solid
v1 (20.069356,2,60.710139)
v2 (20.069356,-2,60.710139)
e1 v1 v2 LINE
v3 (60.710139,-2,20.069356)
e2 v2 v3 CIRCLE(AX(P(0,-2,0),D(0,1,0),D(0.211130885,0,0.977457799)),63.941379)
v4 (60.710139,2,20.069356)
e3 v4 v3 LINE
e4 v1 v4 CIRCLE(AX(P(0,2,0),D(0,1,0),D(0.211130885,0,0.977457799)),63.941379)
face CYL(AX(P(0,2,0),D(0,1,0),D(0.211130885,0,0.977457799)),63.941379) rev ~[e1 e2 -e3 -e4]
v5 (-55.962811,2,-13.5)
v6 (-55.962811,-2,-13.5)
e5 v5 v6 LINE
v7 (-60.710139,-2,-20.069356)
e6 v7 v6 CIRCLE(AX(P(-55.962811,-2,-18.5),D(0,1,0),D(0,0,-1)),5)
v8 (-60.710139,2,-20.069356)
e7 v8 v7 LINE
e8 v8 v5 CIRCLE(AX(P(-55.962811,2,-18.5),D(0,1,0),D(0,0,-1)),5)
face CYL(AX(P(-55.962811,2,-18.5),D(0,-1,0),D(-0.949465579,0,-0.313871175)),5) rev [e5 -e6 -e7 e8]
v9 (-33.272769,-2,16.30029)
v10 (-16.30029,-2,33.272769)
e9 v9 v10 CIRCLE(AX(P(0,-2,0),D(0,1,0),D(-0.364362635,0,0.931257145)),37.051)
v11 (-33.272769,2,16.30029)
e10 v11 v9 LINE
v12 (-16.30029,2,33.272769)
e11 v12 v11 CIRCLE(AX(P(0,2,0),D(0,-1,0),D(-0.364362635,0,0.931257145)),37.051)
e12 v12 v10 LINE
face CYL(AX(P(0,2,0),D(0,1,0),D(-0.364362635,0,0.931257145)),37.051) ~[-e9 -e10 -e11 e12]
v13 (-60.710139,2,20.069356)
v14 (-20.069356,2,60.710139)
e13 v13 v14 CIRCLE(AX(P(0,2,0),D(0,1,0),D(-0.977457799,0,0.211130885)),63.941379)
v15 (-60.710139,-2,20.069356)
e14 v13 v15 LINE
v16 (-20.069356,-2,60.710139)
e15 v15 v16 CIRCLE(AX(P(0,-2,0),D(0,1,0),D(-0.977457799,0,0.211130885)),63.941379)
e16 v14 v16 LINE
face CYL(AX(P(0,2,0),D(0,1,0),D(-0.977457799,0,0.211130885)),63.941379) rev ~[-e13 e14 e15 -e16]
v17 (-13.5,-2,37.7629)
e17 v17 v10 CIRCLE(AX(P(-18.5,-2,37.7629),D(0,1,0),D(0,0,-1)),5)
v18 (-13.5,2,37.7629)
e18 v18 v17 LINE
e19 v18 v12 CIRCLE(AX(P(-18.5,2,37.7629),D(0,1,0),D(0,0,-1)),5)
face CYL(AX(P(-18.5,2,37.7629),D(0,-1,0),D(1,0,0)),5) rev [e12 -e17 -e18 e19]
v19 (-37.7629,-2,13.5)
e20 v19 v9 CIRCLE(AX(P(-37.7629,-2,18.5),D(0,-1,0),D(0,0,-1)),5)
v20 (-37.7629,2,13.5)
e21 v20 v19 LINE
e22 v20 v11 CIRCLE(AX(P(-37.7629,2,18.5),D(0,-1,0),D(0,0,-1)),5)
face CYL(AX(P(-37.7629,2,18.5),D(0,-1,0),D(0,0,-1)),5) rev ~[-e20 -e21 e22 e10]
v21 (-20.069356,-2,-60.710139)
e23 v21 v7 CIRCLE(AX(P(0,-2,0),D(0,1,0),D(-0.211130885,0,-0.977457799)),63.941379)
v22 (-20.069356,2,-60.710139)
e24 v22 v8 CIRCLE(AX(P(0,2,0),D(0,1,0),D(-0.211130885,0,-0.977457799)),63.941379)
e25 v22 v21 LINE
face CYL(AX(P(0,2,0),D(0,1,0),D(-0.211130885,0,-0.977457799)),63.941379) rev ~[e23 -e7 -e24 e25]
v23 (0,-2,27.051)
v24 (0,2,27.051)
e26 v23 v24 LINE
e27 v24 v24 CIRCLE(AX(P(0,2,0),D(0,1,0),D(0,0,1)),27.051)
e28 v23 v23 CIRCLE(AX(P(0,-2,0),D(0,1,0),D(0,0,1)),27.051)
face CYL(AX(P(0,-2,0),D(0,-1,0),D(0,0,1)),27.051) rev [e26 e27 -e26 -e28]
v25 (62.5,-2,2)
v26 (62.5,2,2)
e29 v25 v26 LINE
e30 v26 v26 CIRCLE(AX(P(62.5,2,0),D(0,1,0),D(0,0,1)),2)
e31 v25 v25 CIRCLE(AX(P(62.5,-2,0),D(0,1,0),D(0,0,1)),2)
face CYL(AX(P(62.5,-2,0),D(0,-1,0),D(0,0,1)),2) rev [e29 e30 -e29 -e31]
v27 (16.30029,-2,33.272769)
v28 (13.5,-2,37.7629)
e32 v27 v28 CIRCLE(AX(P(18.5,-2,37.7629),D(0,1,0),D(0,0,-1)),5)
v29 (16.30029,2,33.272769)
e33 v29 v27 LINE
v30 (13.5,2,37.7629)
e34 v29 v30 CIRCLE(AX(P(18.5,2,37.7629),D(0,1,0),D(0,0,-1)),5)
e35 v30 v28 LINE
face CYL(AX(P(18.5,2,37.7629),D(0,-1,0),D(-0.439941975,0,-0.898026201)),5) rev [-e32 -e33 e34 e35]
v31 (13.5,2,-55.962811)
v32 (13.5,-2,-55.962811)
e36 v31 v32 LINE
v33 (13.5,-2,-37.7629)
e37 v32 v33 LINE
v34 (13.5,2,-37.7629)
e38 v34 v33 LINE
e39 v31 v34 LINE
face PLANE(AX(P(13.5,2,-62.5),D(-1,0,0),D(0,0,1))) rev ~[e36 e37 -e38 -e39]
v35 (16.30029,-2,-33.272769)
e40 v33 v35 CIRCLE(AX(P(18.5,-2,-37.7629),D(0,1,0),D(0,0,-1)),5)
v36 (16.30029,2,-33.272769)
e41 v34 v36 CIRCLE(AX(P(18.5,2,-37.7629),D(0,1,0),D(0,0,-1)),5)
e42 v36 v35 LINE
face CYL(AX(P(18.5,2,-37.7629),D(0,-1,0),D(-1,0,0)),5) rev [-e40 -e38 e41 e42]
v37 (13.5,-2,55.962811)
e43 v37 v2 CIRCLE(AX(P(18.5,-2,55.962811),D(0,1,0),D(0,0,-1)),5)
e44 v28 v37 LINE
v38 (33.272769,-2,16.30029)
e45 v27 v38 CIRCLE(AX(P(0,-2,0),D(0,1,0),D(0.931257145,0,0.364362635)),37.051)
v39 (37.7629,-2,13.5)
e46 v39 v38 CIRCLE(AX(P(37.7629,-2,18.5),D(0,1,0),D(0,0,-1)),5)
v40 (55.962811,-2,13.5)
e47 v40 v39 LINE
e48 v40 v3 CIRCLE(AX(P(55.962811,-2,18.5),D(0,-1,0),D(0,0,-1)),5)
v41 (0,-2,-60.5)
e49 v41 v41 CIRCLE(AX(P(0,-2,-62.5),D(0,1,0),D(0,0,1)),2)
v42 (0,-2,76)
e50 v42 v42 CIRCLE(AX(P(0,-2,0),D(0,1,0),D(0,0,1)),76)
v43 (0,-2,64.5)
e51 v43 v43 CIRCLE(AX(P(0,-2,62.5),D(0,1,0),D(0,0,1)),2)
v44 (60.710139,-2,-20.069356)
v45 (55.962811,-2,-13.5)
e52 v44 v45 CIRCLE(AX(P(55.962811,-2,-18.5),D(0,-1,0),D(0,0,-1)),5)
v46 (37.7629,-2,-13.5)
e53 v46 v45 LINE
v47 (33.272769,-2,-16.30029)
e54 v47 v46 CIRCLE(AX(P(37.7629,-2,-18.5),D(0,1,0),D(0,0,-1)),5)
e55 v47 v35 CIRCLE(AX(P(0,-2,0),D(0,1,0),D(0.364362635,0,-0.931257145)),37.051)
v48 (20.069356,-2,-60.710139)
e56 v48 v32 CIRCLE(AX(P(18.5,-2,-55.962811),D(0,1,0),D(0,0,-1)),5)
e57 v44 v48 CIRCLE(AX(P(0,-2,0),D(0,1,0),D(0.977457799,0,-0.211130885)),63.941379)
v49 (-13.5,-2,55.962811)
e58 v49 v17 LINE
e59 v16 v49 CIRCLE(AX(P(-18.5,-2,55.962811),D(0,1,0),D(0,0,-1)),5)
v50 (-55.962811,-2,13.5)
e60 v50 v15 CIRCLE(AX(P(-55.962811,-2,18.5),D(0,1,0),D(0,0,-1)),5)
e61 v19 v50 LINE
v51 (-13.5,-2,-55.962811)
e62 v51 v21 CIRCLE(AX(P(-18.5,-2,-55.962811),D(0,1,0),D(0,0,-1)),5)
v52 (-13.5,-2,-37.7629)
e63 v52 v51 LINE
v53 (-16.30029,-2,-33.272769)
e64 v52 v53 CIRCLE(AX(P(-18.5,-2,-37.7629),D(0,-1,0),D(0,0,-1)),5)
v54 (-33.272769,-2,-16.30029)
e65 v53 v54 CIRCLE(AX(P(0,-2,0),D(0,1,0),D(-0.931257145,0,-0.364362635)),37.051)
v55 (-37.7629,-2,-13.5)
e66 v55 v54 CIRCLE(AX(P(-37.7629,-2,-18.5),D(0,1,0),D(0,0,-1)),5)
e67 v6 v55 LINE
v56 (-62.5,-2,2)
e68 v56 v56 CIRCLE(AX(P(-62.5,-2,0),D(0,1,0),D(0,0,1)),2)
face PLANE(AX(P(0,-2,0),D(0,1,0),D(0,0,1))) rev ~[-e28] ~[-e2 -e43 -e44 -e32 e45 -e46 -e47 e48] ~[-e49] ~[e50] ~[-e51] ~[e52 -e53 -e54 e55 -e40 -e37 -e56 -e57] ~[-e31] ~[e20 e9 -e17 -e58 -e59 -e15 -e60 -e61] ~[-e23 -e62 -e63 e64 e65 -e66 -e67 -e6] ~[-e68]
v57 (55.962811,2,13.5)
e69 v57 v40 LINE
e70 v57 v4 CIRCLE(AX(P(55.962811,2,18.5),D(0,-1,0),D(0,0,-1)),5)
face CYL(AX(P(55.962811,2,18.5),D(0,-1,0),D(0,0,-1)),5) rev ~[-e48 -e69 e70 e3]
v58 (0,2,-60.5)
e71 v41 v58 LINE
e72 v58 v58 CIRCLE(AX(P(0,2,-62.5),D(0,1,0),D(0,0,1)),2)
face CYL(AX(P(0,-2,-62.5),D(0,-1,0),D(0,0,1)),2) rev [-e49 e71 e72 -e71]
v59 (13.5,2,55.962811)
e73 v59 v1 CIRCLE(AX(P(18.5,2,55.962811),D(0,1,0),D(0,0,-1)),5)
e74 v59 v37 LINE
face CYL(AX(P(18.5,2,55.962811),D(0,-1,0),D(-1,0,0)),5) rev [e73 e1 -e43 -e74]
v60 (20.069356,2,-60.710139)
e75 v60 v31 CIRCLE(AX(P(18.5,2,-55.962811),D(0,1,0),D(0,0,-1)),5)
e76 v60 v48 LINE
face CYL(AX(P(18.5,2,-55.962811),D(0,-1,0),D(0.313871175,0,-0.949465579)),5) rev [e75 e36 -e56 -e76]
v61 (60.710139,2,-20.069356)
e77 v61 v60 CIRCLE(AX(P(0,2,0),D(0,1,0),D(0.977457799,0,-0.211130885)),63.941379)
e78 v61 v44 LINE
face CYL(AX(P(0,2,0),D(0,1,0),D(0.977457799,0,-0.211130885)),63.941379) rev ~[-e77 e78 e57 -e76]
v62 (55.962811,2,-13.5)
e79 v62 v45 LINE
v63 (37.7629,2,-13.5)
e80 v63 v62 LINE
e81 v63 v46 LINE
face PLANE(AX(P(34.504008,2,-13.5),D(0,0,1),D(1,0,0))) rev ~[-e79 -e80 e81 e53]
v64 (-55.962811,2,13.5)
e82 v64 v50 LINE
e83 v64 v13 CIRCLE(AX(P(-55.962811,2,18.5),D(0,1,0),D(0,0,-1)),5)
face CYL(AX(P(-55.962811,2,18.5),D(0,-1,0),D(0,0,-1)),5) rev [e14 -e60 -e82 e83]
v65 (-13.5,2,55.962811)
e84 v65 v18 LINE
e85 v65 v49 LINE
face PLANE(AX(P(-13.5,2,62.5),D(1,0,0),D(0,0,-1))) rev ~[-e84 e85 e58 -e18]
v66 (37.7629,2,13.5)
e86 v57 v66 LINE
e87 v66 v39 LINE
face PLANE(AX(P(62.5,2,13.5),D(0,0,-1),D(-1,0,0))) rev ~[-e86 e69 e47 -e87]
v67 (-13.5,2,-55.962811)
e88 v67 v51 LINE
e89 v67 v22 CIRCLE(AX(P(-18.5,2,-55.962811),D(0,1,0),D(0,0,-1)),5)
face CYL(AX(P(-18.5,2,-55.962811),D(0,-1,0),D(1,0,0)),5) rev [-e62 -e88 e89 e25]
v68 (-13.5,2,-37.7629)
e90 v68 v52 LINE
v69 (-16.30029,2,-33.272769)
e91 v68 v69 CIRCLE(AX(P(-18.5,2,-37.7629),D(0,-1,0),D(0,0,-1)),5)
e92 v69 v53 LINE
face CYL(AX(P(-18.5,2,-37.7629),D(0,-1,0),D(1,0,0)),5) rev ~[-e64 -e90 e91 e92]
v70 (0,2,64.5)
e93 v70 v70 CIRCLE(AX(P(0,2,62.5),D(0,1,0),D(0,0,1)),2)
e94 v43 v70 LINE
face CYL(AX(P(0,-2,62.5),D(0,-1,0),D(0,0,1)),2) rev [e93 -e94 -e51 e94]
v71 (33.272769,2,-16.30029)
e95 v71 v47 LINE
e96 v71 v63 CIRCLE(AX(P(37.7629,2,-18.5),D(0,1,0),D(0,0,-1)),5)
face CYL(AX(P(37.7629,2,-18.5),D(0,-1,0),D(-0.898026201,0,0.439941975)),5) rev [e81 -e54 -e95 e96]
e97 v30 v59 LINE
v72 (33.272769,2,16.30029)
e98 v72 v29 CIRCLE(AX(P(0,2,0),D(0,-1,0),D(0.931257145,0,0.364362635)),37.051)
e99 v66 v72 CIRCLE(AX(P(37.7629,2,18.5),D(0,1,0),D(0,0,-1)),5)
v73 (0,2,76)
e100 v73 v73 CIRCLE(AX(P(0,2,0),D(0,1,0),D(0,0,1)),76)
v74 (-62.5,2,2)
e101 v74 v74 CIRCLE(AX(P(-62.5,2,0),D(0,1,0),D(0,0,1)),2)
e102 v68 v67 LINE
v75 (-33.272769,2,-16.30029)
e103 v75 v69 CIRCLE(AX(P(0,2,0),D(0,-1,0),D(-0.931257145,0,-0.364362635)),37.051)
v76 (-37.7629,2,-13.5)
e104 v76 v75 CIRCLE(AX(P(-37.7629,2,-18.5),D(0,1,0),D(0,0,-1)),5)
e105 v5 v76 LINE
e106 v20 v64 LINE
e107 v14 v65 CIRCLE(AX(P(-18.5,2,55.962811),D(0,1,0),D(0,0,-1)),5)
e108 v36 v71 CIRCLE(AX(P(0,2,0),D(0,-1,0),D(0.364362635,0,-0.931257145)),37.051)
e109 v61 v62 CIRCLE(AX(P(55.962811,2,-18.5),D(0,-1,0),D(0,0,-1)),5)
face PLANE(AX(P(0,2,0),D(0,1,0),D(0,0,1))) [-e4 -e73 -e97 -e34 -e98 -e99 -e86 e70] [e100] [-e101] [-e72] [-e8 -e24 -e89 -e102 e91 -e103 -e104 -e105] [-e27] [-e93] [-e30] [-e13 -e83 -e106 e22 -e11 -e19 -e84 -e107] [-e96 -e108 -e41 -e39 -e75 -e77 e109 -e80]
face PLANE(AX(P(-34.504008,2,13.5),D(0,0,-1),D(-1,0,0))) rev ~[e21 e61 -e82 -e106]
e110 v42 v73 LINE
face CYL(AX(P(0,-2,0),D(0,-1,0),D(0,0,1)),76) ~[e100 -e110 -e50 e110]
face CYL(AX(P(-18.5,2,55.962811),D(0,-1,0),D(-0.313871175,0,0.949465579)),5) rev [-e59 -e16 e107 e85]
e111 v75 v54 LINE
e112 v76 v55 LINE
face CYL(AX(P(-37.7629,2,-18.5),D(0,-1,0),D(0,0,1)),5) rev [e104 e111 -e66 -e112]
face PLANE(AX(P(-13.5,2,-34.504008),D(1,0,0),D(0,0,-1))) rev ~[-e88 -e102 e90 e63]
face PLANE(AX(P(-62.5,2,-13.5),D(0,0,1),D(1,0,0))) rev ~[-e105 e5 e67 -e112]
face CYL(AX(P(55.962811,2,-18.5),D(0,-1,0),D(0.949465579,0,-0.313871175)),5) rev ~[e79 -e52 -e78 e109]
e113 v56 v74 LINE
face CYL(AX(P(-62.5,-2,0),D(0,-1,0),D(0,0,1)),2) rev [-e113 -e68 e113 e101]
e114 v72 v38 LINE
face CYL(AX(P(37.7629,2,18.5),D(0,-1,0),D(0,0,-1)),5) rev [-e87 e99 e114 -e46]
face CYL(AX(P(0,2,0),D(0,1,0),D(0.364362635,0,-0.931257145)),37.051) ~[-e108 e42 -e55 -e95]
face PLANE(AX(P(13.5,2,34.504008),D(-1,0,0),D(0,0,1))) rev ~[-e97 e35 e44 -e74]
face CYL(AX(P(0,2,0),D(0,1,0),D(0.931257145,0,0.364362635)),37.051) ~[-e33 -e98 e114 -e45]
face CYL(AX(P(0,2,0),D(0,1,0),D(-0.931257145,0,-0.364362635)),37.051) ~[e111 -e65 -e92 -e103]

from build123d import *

# Parameters (mm, degrees)
BOSS_EXTRUDE1_DEPTH      = 2
BOSS_EXTRUDE1_DEPTH_BACK = 2
SKETCH1_R                = 76
SKETCH1_R_2              = 27.051
SKETCH1_R_3              = 2
CUT_EXTRUDE2_DEPTH       = 108.554637278
FILLET1_R                = 5


with BuildPart() as part:
    # Sketch1 → Boss-Extrude1 (new, two sides: drawn at the far end of the back side and taken through both)
    with BuildSketch(Plane(origin=(0, 0, 0), x_dir=(1, 0, 0), z_dir=(0, 1, 0)).offset(-BOSS_EXTRUDE1_DEPTH_BACK)):
        Circle(SKETCH1_R)
        Circle(SKETCH1_R_2, mode=Mode.SUBTRACT)
        with Locations((0, 62.5)):
            Circle(SKETCH1_R_3, mode=Mode.SUBTRACT)
        with Locations((62.5, 0)):
            Circle(SKETCH1_R_3, mode=Mode.SUBTRACT)
        with Locations((0, -62.5)):
            Circle(SKETCH1_R_3, mode=Mode.SUBTRACT)
        with Locations((-62.5, 0)):
            Circle(SKETCH1_R_3, mode=Mode.SUBTRACT)
    extrude(amount=BOSS_EXTRUDE1_DEPTH + BOSS_EXTRUDE1_DEPTH_BACK)

    # Sketch4 → Cut-Extrude2 (cut, through all)
    with BuildSketch(Plane(origin=(0, 2, 0), x_dir=(1, 0, 0), z_dir=(0, 1, 0))):
        with BuildLine():
            ThreePointArc((62.5, 13.5), (45.213382975, 45.213382975), (13.5, 62.5))
            Line((13.5, 62.5), (13.5, 34.504008477))
            ThreePointArc((13.5, 34.504008477), (26.19901335, 26.19901335), (34.504008477, 13.5))
            Line((34.504008477, 13.5), (62.5, 13.5))
        make_face()
        with BuildLine():
            ThreePointArc((-34.504008477, 13.5), (-26.19901335, 26.19901335), (-13.5, 34.504008477))
            Line((-13.5, 34.504008477), (-13.5, 62.5))
            ThreePointArc((-13.5, 62.5), (-45.213382975, 45.213382975), (-62.5, 13.5))
            Line((-62.5, 13.5), (-34.504008477, 13.5))
        make_face()
        with BuildLine():
            Line((62.5, -13.5), (34.504008477, -13.5))
            ThreePointArc((34.504008477, -13.5), (26.19901335, -26.19901335), (13.5, -34.504008477))
            Line((13.5, -34.504008477), (13.5, -62.5))
            ThreePointArc((13.5, -62.5), (45.213382975, -45.213382975), (62.5, -13.5))
        make_face()
        with BuildLine():
            ThreePointArc((-13.5, -34.504008477), (-26.19901335, -26.19901335), (-34.504008477, -13.5))
            Line((-34.504008477, -13.5), (-62.5, -13.5))
            ThreePointArc((-62.5, -13.5), (-45.213382975, -45.213382975), (-13.5, -62.5))
            Line((-13.5, -62.5), (-13.5, -34.504008477))
        make_face()
    extrude(amount=-CUT_EXTRUDE2_DEPTH, mode=Mode.SUBTRACT)

    # Fillet1
    fillet1_edges = [part.edges().sort_by_distance(p)[0] for p in [
        (-13.5, 0, 34.504008477),
        (-13.5, 0, 62.5),
        (-34.504008477, 0, 13.5),
        (-62.5, 0, 13.5),
        (13.5, 0, 62.5),
        (13.5, 0, 34.504008477),
        (34.504008477, 0, 13.5),
        (62.5, 0, 13.5),
        (34.504008477, 0, -13.5),
        (13.5, 0, -34.504008477),
        (62.5, 0, -13.5),
        (13.5, 0, -62.5),
        (-62.5, 0, -13.5),
        (-34.504008477, 0, -13.5),
        (-13.5, 0, -34.504008477),
        (-13.5, 0, -62.5),
    ]]
    fillet(fillet1_edges, radius=FILLET1_R)


solid = part.part
